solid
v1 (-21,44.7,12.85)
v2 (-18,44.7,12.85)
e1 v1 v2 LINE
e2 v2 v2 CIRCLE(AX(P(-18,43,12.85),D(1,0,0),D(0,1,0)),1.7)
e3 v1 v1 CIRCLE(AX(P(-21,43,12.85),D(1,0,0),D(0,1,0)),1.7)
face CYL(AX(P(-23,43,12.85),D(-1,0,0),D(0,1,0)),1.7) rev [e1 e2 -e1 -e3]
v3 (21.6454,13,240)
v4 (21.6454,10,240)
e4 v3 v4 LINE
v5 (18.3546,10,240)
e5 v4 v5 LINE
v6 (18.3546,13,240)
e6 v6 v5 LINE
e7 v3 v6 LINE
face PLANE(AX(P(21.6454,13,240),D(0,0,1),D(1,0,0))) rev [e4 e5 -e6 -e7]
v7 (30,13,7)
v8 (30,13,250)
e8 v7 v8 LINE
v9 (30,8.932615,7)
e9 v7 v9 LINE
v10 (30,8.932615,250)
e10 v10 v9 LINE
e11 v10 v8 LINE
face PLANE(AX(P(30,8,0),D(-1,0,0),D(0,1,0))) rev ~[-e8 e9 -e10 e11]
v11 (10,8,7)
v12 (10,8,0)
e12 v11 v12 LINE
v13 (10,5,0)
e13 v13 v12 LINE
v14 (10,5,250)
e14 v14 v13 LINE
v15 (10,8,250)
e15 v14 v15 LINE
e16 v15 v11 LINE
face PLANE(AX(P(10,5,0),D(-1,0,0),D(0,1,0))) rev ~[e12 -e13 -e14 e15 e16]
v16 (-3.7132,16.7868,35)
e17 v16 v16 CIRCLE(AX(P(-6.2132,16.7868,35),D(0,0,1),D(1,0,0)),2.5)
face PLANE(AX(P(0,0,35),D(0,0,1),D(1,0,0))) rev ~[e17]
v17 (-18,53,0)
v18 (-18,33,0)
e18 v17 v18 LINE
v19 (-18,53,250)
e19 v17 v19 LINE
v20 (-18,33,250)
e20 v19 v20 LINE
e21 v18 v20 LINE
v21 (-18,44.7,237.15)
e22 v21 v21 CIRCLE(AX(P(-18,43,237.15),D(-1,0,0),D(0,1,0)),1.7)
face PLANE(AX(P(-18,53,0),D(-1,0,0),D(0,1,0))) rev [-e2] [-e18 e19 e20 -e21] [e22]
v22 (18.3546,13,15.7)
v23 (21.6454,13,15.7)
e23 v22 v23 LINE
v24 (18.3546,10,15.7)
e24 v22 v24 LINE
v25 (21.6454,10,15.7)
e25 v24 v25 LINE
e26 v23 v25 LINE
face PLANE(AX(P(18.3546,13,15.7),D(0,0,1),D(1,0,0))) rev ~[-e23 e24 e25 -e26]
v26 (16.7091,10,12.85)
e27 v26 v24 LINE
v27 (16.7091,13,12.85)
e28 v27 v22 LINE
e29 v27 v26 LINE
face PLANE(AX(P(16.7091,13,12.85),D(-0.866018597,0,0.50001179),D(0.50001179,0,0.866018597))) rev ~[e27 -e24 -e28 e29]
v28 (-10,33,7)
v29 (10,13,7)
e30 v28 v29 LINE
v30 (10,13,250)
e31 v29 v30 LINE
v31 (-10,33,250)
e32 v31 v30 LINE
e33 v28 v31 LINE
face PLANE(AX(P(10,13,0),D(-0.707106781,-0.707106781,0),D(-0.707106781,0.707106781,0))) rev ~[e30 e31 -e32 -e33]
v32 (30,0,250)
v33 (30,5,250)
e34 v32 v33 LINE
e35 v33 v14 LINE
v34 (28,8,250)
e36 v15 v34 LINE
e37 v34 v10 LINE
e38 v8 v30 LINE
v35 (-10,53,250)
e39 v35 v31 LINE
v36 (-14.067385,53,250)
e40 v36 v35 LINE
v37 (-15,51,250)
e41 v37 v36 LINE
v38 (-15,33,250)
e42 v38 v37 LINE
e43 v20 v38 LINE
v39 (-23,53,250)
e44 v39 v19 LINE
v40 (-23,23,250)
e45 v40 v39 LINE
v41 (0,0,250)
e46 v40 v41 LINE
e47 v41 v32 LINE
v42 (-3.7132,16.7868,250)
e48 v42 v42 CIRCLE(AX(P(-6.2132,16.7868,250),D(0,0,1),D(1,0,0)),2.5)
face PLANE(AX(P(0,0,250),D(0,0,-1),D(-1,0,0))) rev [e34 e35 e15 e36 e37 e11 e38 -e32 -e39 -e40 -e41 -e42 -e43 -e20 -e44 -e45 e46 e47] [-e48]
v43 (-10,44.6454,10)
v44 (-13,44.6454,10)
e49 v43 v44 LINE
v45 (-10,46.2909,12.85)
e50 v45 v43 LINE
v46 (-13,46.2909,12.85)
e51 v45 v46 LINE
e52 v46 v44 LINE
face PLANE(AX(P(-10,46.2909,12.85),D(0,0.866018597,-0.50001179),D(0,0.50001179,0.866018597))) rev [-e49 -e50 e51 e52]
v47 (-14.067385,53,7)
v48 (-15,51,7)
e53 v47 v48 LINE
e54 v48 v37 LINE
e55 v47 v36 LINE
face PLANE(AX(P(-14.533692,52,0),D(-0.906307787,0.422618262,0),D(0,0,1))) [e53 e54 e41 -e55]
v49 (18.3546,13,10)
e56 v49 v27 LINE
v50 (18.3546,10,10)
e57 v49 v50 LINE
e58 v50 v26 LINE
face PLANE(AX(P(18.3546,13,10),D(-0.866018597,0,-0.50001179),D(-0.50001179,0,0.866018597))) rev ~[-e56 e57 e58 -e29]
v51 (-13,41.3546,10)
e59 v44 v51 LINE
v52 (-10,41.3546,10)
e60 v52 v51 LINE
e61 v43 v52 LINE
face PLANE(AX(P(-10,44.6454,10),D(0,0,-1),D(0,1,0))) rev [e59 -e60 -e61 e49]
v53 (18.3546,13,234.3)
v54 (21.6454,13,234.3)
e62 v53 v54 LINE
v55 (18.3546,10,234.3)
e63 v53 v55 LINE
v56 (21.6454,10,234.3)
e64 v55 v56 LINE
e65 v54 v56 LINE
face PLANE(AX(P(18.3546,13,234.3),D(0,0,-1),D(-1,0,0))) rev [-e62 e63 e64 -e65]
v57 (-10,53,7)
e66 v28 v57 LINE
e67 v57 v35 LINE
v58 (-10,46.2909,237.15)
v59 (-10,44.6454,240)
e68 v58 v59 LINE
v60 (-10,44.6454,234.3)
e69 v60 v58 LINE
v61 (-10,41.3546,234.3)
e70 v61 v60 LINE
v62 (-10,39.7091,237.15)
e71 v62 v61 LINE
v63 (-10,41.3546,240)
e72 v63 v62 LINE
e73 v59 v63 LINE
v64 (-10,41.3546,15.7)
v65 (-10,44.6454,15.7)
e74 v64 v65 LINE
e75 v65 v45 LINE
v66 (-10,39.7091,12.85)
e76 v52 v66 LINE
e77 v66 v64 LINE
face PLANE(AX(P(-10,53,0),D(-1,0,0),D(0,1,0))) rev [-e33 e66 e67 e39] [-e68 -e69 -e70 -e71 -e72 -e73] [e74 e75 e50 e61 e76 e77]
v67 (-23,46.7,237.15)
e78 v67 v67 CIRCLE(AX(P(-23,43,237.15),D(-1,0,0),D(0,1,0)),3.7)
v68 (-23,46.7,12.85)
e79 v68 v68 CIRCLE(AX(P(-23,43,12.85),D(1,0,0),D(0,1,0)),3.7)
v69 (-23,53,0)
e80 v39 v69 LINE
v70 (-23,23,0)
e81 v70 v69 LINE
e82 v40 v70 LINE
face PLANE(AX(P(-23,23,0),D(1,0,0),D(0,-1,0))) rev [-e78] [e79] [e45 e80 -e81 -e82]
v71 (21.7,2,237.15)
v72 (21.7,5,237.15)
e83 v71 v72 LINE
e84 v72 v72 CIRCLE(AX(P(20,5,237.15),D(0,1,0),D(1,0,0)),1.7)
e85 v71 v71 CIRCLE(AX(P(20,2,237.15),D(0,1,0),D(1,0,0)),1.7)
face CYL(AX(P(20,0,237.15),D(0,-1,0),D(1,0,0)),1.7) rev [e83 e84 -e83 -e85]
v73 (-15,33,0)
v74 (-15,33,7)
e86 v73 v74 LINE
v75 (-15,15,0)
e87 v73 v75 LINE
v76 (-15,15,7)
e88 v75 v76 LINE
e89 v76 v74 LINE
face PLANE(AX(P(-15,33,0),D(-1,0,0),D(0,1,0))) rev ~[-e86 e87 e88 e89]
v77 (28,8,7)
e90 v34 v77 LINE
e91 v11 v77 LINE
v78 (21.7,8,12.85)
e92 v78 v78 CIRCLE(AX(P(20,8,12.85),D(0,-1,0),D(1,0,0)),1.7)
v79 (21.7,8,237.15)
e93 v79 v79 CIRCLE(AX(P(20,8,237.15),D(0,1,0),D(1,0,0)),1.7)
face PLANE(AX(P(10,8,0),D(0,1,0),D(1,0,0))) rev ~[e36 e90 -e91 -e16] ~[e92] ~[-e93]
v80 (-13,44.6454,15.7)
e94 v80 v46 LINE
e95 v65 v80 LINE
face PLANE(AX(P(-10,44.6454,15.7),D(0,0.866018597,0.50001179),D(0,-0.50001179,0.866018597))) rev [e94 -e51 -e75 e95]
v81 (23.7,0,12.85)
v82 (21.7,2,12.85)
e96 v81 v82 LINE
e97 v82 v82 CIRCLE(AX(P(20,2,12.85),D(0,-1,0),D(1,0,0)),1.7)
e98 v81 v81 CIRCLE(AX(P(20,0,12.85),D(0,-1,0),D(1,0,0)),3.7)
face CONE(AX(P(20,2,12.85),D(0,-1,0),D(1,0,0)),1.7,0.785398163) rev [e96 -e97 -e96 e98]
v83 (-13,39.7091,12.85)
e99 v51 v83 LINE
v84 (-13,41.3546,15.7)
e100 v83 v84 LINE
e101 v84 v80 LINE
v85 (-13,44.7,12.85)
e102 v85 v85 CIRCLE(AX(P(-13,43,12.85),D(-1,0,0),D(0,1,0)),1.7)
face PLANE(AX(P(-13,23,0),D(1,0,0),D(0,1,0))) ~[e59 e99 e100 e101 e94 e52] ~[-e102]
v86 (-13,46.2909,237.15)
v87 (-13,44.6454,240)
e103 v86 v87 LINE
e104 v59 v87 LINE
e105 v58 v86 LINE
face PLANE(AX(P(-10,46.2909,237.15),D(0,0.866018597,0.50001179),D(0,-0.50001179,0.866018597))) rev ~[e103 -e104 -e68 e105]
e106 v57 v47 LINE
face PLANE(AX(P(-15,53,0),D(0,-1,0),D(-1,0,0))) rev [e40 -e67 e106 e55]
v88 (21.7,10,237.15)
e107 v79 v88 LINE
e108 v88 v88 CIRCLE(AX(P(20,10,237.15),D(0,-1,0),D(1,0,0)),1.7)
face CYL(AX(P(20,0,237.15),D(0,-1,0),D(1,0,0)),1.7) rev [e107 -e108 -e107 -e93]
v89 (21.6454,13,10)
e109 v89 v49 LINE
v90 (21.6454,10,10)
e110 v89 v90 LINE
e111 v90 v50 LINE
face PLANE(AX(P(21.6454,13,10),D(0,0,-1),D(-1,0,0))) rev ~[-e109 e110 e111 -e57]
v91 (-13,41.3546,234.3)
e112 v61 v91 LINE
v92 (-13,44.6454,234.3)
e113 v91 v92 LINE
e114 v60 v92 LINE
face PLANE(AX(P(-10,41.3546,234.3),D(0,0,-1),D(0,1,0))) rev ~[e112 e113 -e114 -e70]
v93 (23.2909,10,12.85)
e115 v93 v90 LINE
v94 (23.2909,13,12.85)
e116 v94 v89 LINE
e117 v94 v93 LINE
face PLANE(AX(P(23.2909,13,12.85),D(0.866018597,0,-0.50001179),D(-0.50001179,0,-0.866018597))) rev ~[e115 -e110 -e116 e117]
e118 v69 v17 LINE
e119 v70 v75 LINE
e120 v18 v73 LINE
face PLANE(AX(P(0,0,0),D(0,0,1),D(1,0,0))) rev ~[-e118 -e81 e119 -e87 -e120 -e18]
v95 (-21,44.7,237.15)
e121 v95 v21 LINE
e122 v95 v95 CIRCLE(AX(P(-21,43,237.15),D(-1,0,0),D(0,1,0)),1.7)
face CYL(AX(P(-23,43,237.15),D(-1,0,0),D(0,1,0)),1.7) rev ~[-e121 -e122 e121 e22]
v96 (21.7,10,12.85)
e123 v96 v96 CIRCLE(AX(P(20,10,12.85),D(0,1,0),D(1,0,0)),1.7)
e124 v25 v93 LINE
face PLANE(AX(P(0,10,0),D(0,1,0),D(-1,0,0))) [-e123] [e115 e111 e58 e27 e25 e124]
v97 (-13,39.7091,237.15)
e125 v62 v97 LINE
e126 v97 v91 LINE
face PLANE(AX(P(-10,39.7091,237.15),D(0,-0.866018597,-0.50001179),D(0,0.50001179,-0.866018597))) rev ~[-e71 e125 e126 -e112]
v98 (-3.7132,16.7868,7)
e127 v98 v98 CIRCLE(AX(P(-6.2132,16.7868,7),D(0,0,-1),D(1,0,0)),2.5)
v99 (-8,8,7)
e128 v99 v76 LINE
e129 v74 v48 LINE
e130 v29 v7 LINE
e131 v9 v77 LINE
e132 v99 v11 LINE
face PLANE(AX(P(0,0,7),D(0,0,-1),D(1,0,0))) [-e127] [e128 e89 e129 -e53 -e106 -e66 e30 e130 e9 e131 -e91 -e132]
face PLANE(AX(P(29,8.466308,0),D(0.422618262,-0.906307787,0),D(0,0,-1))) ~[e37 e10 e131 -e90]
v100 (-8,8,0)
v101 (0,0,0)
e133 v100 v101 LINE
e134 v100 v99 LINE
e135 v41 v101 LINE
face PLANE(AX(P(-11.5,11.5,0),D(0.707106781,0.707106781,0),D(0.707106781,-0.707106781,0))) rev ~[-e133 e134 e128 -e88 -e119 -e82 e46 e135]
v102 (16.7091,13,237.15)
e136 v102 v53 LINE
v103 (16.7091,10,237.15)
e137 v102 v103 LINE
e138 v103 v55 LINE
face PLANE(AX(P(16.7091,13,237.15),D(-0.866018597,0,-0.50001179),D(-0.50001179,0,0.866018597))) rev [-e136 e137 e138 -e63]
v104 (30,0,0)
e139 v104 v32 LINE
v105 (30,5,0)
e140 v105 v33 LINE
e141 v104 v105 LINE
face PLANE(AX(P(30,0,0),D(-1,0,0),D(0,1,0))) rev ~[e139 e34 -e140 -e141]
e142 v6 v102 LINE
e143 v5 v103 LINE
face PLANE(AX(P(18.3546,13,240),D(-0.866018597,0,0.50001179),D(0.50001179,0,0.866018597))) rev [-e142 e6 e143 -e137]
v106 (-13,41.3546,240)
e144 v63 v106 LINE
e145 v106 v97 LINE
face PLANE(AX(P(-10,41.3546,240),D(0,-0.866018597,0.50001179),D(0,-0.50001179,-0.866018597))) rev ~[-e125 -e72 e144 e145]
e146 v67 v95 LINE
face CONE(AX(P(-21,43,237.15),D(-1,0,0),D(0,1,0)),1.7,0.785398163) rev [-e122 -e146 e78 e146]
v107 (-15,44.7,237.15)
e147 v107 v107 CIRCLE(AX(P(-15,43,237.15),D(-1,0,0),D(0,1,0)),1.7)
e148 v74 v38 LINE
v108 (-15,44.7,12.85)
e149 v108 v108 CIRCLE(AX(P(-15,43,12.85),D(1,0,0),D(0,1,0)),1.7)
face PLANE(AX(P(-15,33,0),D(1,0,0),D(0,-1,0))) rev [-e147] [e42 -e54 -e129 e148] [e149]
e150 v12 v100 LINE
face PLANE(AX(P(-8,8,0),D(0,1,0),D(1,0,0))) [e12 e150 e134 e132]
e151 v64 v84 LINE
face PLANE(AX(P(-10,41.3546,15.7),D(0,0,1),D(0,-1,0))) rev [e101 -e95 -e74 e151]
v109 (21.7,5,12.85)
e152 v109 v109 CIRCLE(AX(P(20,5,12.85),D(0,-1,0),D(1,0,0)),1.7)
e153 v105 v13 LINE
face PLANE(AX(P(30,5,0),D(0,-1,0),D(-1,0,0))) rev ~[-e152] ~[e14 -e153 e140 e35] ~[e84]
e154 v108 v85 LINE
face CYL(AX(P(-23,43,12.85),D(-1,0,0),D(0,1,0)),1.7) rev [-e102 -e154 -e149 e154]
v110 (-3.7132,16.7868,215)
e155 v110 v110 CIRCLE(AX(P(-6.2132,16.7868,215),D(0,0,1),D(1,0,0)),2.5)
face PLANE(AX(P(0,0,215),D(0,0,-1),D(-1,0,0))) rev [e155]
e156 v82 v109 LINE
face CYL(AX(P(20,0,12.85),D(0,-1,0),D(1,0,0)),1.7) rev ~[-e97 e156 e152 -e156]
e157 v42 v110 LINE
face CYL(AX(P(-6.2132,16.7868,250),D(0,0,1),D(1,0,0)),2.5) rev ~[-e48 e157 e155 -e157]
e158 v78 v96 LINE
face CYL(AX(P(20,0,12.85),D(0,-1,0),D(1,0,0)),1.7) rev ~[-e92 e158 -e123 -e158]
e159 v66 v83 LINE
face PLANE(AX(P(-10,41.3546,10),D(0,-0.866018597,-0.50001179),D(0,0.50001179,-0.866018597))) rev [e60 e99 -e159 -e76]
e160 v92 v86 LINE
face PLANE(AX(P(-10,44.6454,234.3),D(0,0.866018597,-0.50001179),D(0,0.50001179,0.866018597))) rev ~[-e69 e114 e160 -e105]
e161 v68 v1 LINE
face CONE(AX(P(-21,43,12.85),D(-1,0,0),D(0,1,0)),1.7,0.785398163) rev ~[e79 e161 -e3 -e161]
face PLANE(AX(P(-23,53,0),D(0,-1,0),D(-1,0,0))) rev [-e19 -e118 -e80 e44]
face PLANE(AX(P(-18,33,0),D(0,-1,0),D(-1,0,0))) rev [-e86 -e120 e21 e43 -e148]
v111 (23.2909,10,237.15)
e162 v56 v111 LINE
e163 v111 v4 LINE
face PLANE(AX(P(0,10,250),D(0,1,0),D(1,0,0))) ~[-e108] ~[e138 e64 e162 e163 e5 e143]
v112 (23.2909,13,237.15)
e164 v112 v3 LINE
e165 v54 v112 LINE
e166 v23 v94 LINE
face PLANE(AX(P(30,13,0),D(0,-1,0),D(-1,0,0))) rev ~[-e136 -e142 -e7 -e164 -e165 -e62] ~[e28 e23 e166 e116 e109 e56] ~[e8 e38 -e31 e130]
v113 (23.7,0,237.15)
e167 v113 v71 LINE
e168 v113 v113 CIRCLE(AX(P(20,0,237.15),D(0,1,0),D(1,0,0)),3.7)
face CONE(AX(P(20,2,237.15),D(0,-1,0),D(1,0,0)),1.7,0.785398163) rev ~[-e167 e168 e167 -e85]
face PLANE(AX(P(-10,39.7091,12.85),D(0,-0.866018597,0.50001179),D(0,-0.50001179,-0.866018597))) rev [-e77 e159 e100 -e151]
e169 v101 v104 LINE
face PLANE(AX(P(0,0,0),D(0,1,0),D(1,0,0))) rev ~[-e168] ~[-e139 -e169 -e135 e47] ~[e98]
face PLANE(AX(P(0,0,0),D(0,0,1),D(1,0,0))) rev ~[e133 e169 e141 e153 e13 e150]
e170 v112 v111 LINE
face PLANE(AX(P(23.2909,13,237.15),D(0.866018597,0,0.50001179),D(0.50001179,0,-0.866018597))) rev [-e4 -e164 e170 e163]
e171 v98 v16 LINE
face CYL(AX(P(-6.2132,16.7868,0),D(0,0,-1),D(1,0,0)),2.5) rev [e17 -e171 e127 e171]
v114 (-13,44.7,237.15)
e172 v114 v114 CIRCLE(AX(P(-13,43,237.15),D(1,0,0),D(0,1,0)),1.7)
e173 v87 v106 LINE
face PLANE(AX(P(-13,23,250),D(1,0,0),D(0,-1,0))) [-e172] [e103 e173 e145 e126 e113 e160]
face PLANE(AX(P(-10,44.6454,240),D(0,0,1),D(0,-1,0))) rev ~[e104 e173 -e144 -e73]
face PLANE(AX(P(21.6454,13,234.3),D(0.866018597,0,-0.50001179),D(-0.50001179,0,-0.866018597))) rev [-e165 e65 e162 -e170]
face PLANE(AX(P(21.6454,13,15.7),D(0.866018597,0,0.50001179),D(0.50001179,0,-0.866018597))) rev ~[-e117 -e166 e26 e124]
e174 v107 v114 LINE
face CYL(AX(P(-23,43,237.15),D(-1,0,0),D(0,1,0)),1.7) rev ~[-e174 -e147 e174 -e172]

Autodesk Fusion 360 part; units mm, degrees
sketch "Esquisse1" plane through (0, 0, 0) normal (0, 0, 1) x (1, 0, 0)
  line L0 (0, 0) -> (30, 0)
  line L1 (30, 0) -> (30, 5)
  line L2 (30, 5) -> (10, 5)
  line L3 (10, 5) -> (10, 8)
  line L4 (10, 8) -> (30, 8)
  line L5 (30, 8) -> (30, 13)
  line L6 (30, 13) -> (10, 13)
  line L7 (10, 13) -> (0, 23)
  line L8 (0, 23) -> (-11.5, 11.5)
  line L9 (-11.5, 11.5) -> (0, 0)
  dimension "d2" = 3
  dimension "d3" = 5
  dimension "d4" = 20
  dimension "d5" = 30
  dimension "d6" = 20
  dimension "d7" = 15
  dimension "d8" = 135
  dimension "d22" = 13
extrude "Extrusion1" add sketch "Esquisse1" along normal blind 125 makes body 1
chamfer "Chanfrein2" distance 2 angle 25 1 edges at (30, 8, 62.5) measured on face at (16.6667, 8, 41.6667) on bodies 1
sketch "Esquisse2" plane through (0, 0, 0) normal (0, -1, 0) x (1, 0, 0)
  line L0 (0, 0) -> (30, 0)
  line L1 (30, 0) -> (30, 125)
  line L2 (30, 125) -> (0, 125)
  line L3 (0, 125) -> (0, 0)
  circle A0 centre (20, 12.85) radius 1.7
  line L4 (18.3546, 15.7) -> (16.7091, 12.85)
  line L5 (16.7091, 12.85) -> (18.3546, 10)
  line L6 (18.3546, 10) -> (21.6454, 10)
  line L7 (21.6454, 10) -> (23.2909, 12.85)
  line L8 (23.2909, 12.85) -> (21.6454, 15.7)
  line L9 (21.6454, 15.7) -> (18.3546, 15.7)
  line L10 (0, 0) -> (30, 0)
  point P0 (20, 12.85)
  point P1 (-10, 0)
  point P2 (-30, 125)
  dimension "d11" = 3.4
  dimension "d12" = 2.85
  dimension "d15" = 10
  dimension "d16" = 10
extrude "Extrusion2" cut sketch "Esquisse2" against normal blind 13 contours A0 bodies 1
chamfer "Chanfrein1" distance 2 angle 45 1 edges at (18.415, 0, 13.4647) on bodies 1
sketch "Esquisse3" plane through (0, 13, 0) normal (0, 1, 0) x (-1, 0, 0)
  circle A0 centre (-20, 12.85) radius 1.7
  line L0 (-30, 0) -> (-10, 0)
  line L1 (-10, 0) -> (-10, 125)
  line L2 (-10, 125) -> (-30, 125)
  line L3 (-30, 125) -> (-30, 0)
  line L4 (-18.3546, 15.7) -> (-21.6454, 15.7)
  line L5 (-21.6454, 15.7) -> (-23.2909, 12.85)
  line L6 (-23.2909, 12.85) -> (-21.6454, 10)
  line L7 (-21.6454, 10) -> (-18.3546, 10)
  line L8 (-18.3546, 10) -> (-16.7091, 12.85)
  line L9 (-16.7091, 12.85) -> (-18.3546, 15.7)
  point P0 (-20, 12.85)
  dimension "d23" = 2.85
extrude "Extrusion4" cut sketch "Esquisse3" against normal blind 3 contours L4 L5 L6 L7 L8 L9 bodies 1
ref_plane "Plan de construction2" through (-5.75, 17.25, 62.5) normal (-0.7071, 0.7071, 0) x (-0.7071, -0.7071, 0)
mirror "Symétrie miroir1" about plane through (-5.75, 17.25, 62.5) normal (-0.7071, 0.7071, 0) of bodies 1 merged
sketch "Esquisse4" plane through (0, 0, 0) normal (0, 0, 1) x (1, 0, 0)
  line L0 (10, 13) -> (-10, 33) construction
  line L1 (-6.2132, 8) -> (-6.2132, 16.7868) construction
  line L2 (-6.2132, 16.7868) -> (-15, 16.7868) construction
  line L3 (-6.2132, 16.7868) -> (0, 23) construction
  line L4 (29.8, 8) -> (8.2, 8) construction
  line L5 (-15, 52.8) -> (-15, 31.2) construction
  circle A0 centre (-6.2132, 16.7868) radius 2.5
  point P0 (-15, 8)
  dimension "d32" = 5
  dimension "d33" = 8.7868
extrude "Extrusion5" cut sketch "Esquisse4" along normal blind 35 bodies 1
ref_plane "Plan de construction3" through (3.5, 26.5, 125) normal (0, 0, 1) x (1, 0, 0)
mirror "Symétrie miroir2" about plane through (3.5, 26.5, 125) normal (0, 0, 1) of bodies 1 merged
sketch "Esquisse5" plane through (0, 0, 0) normal (0, 0, -1) x (1, 0, 0)
  line L0 (30, -8.9326) -> (28, -8)
  line L1 (28, -8) -> (10, -8)
  line L2 (10, -8) -> (10, -5)
  line L3 (10, -5) -> (30, -5)
  line L4 (30, -5) -> (30, 0)
  line L5 (30, 0) -> (0, 0)
  line L6 (0, 0) -> (-23, -23)
  line L7 (-23, -23) -> (-23, -53)
  line L8 (-23, -53) -> (-18, -53)
  line L9 (-18, -53) -> (-18, -33)
  line L10 (-18, -33) -> (-15, -33)
  line L11 (-15, -33) -> (-15, -51)
  line L12 (-15, -51) -> (-14.0674, -53)
  line L13 (-14.0674, -53) -> (-10, -53)
  line L14 (-10, -53) -> (-10, -33)
  line L15 (-10, -33) -> (10, -13)
  line L16 (10, -13) -> (30, -13)
  line L17 (30, -13) -> (30, -8.9326)
  line L18 (-15, -8) -> (185, -8)
  line L19 (185, -8) -> (185, -208)
  line L20 (185, -208) -> (-15, -208)
  line L21 (-15, -208) -> (-15, -8)
  circle A0 centre (-6.2132, -16.7868) radius 2.5
  dimension "d39" = 200
  dimension "d40" = 200
extrude "Extrusion6" cut sketch "Esquisse5" against normal blind 7 contours L0 L1 L6 L11 L12 L13 L14 L15 L16 L17 L18 L21 | L0 L12 L13 L14 L15 L16 L17 L18 L19 L20 L21 | A0 bodies 1
copy_body "Corps->Comp1" bodies 1 removing the originals makes body 2 in component "Component"
component "Component" placed x (1, 0, 0) y (0, 1, 0) z (0, 0, 1) at (0, 0, 0)
equation "d4 = d6 + 0 mm"
equation "d5 = d4 + 10 mm"
equation "d9 = ( 250 / 2 ) * 1 mm"
equation "d13 = -( 2 * d3 + d2 )"
equation "d15 = d6 / 2"
equation "d23 = d12"
equation "d27 = -d3 + 2 mm"
